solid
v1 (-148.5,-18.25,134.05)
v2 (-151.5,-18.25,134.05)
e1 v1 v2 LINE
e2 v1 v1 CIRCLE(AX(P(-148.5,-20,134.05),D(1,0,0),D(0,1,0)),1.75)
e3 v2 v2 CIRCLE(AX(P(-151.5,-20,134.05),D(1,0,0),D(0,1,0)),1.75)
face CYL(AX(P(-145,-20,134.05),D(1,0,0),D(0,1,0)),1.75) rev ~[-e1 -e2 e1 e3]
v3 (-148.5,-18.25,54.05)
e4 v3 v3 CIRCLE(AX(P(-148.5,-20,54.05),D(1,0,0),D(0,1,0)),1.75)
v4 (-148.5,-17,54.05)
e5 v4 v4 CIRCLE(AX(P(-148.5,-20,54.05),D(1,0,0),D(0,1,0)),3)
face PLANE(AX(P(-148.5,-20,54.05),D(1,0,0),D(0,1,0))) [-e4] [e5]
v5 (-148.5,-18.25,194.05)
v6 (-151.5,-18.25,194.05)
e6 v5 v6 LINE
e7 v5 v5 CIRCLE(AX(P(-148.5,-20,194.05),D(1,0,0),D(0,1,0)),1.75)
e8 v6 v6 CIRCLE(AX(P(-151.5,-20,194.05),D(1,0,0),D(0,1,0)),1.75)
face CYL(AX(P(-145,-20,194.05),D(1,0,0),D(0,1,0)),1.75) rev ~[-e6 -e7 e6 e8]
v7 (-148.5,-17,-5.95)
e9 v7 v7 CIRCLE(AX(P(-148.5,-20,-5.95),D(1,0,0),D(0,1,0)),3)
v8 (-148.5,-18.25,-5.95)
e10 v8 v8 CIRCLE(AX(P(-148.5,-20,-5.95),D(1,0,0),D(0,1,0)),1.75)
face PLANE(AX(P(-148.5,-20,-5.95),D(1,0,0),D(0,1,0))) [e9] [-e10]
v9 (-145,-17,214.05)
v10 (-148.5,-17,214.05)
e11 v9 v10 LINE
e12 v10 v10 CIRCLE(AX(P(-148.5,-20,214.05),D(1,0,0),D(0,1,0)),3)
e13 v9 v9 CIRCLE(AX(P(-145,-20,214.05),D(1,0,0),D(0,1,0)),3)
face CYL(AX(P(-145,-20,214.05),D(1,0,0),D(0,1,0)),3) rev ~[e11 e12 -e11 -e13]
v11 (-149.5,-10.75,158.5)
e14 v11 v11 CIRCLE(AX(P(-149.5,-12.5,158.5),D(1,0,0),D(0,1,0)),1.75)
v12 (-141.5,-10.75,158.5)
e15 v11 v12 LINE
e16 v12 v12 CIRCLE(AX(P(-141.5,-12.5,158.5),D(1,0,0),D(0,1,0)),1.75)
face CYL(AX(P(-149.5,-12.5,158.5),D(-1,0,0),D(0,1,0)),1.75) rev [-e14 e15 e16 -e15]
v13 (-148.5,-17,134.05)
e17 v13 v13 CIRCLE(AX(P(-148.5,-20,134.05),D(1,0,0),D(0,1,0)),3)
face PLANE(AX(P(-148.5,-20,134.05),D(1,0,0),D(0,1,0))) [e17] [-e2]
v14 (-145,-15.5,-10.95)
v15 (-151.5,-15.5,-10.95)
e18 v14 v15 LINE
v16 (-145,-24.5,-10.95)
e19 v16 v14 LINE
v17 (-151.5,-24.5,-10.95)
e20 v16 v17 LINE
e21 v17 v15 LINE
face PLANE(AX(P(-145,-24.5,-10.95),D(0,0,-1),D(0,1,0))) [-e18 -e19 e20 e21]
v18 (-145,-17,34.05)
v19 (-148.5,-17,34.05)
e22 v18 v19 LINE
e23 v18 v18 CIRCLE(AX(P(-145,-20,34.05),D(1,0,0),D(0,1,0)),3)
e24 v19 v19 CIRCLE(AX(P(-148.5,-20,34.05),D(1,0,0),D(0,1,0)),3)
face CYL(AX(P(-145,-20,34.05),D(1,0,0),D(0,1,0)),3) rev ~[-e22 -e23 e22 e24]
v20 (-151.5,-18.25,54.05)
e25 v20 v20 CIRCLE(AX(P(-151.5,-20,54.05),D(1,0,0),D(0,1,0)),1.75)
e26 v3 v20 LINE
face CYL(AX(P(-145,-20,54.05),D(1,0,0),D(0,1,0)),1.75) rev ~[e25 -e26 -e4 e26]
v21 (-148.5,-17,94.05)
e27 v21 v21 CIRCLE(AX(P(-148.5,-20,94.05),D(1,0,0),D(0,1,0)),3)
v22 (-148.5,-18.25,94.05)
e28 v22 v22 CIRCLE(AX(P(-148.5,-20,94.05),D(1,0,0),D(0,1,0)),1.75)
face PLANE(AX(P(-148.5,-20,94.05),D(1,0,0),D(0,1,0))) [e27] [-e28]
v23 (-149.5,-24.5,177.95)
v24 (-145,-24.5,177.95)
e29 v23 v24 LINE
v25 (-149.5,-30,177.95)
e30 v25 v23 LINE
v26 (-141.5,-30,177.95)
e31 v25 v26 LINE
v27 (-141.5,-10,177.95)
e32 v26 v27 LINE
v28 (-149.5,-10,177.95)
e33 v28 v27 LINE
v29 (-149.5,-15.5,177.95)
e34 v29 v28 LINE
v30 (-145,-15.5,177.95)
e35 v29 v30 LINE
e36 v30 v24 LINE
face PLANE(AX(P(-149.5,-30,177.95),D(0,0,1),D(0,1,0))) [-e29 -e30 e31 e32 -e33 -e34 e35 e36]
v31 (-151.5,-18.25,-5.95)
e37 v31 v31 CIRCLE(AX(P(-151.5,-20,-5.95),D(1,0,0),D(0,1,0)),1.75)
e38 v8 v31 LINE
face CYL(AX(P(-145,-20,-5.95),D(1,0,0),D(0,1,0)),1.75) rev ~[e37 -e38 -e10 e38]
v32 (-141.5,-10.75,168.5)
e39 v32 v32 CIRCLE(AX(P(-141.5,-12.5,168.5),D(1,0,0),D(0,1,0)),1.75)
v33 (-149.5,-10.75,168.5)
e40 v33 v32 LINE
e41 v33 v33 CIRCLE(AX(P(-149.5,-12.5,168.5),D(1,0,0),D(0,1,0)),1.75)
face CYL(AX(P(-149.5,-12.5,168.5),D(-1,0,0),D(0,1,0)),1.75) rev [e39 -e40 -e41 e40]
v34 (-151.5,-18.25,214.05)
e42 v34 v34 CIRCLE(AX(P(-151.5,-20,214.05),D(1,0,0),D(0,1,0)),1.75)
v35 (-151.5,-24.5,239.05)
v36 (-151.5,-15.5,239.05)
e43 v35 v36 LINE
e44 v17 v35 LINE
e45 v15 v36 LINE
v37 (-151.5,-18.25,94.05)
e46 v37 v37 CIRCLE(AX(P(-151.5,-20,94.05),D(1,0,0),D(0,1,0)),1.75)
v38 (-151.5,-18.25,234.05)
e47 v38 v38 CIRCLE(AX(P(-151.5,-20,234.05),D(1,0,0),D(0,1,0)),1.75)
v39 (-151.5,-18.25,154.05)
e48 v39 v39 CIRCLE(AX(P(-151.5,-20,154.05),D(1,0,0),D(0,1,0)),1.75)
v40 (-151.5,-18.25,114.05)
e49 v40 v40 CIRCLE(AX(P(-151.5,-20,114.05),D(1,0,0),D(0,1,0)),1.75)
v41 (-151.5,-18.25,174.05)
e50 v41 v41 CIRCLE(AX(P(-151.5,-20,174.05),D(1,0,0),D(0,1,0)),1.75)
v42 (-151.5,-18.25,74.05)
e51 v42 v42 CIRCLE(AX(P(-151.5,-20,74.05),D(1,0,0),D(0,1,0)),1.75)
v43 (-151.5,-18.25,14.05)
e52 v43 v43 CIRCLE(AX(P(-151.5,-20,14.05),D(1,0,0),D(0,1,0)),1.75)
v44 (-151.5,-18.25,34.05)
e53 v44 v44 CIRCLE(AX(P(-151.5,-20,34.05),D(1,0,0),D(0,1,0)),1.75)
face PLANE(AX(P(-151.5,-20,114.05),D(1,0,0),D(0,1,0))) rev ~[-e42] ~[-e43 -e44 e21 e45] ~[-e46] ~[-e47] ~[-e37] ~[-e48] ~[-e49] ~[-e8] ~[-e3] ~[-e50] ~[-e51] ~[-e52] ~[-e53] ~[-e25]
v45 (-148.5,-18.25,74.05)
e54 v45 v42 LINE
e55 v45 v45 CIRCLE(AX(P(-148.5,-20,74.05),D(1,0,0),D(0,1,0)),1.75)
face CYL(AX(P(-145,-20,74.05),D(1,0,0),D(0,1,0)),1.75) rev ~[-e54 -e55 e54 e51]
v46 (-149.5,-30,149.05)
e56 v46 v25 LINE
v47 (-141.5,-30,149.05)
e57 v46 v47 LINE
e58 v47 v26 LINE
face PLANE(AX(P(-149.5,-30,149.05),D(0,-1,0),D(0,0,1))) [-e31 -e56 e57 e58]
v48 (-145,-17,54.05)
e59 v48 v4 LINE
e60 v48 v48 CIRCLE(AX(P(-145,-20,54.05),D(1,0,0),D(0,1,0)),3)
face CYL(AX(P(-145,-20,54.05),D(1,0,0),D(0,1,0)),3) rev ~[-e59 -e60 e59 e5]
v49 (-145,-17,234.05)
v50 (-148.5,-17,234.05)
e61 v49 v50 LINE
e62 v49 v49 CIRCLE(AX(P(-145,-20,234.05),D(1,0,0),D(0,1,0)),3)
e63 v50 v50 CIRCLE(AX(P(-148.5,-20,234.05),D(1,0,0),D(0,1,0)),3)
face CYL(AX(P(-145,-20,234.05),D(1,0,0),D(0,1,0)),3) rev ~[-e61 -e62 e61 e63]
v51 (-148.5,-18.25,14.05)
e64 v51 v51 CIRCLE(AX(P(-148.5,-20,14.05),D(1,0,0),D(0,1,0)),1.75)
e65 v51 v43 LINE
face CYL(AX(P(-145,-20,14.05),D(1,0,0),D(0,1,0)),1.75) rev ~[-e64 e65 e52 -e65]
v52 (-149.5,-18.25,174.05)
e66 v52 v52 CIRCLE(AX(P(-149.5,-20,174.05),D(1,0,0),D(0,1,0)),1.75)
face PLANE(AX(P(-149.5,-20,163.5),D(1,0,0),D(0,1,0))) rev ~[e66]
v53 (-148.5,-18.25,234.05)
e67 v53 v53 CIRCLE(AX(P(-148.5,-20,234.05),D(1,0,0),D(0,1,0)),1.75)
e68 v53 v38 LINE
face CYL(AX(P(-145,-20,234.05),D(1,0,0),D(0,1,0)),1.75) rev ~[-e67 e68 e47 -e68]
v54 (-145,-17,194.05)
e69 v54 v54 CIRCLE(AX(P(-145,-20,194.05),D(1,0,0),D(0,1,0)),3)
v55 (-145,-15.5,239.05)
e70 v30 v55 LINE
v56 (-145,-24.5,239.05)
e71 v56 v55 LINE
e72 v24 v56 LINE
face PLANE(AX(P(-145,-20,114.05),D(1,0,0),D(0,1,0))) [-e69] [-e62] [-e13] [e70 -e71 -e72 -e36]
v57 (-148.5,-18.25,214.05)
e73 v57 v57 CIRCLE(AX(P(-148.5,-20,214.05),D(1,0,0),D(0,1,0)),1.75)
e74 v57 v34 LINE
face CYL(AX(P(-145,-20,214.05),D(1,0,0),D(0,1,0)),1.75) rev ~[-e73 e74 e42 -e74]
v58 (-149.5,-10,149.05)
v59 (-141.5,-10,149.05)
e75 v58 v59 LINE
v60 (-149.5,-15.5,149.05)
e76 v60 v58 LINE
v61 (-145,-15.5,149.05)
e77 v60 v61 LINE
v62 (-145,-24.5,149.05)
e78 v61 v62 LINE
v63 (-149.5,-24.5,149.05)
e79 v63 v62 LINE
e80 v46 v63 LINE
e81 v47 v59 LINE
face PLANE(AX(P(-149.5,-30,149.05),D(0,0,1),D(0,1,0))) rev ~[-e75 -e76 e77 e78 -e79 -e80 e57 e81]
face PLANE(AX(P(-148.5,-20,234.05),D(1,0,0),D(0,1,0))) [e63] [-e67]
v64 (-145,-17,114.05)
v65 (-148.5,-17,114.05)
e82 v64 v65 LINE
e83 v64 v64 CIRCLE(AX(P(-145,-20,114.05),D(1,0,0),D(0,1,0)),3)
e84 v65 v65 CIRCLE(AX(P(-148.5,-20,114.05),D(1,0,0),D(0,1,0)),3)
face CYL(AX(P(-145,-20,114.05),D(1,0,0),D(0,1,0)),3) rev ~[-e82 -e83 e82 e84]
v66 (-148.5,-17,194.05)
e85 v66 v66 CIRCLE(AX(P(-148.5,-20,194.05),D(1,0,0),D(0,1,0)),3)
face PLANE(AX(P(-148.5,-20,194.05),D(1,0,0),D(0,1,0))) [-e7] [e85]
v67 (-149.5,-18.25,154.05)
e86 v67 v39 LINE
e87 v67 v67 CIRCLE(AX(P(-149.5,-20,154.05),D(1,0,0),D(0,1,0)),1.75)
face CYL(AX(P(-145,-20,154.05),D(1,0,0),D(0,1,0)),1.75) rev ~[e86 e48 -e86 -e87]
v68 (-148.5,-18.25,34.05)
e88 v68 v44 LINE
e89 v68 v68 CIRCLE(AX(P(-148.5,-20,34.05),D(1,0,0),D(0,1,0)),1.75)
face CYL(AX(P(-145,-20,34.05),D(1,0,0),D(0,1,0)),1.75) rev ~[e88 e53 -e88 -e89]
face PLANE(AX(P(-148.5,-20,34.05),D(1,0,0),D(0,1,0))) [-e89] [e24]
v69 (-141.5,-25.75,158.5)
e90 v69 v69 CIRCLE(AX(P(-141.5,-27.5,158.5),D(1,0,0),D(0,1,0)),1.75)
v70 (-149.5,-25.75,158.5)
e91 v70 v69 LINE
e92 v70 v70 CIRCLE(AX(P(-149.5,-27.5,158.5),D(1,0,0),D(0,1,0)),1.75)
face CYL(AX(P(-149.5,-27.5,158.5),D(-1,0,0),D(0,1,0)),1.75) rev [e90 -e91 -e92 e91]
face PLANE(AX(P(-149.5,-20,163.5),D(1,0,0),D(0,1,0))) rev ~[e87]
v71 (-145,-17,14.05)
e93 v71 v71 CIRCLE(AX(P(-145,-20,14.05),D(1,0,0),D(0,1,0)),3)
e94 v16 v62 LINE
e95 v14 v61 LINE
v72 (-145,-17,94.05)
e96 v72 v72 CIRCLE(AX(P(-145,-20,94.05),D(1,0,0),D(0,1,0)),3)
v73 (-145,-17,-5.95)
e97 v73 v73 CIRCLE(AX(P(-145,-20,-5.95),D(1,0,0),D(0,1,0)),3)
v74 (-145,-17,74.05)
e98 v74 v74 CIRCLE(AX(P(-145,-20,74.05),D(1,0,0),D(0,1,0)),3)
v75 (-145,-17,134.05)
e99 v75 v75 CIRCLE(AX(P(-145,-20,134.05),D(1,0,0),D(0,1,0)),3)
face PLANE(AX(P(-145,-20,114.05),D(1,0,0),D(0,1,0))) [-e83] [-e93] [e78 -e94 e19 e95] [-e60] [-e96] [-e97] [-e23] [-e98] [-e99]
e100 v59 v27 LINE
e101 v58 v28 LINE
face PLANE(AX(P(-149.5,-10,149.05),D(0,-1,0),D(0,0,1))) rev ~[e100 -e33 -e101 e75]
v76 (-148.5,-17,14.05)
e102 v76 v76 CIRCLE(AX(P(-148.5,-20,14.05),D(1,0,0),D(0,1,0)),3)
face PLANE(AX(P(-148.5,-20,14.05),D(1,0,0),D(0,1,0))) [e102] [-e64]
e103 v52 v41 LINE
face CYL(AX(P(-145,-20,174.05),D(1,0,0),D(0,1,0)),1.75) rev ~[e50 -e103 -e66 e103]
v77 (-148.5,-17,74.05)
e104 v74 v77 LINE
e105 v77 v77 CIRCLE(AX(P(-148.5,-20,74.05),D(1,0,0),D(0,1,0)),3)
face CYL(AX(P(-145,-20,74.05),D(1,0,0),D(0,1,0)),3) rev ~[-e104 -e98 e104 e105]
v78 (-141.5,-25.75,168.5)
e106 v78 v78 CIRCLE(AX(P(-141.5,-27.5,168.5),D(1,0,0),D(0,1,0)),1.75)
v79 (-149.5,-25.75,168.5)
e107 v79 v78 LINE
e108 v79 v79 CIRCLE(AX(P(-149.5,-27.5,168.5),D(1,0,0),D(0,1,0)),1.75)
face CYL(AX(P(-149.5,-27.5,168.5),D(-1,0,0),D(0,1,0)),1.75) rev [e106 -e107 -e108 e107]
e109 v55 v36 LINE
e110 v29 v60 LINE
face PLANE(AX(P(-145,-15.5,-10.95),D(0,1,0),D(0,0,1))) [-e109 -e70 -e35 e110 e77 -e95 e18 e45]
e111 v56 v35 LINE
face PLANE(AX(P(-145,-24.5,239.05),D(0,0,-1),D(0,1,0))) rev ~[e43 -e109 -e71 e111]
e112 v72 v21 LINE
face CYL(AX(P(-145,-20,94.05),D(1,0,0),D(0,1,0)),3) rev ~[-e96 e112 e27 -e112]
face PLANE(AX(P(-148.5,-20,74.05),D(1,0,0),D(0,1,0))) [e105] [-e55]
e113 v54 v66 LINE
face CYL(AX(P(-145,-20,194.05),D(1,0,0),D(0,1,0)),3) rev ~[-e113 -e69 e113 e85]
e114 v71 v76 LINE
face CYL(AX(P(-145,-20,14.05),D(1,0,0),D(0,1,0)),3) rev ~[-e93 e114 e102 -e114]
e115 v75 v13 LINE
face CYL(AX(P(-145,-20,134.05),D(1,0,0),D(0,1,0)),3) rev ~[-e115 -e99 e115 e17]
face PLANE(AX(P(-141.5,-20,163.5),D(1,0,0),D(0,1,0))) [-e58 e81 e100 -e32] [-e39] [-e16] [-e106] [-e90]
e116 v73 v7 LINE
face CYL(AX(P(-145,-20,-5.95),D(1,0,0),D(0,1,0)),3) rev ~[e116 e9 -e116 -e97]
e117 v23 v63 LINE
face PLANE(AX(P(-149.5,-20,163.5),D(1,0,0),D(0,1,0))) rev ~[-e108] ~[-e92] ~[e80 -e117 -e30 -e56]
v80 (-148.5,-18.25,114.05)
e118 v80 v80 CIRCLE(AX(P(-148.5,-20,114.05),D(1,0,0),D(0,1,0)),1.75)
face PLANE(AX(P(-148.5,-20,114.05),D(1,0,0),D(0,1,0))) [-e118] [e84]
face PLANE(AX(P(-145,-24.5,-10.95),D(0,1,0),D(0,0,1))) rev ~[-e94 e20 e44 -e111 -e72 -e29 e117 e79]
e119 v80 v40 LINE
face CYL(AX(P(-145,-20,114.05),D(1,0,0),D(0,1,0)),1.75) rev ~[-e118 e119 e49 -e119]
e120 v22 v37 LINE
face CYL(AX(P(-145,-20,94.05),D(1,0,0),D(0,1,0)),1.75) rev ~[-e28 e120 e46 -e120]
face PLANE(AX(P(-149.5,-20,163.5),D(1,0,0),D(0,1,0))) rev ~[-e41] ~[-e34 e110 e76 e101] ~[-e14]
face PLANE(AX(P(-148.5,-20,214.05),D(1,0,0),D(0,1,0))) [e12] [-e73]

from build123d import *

# Parameters (mm, degrees)
SKETCH042_W             = 9
SKETCH042_H             = 250
PAD021_DEPTH            = 6.5
SKETCH039_R             = 1.75
POCKET017_DEPTH         = 6.5
LINEARPATTERN008_COUNT  = 13
LINEARPATTERN008_PITCH  = 20
SKETCH041_R             = 3
POCKET018_DEPTH         = 3.5
LINEARPATTERN009_COUNT  = 13
LINEARPATTERN009_PITCH  = 20
SKETCH040_W             = 20
SKETCH040_H             = 28.9
SKETCH040_R             = 1.75
PAD022_DEPTH            = 8
BODY009_ROLL_ANGLE      = 90
BODY009_PLACEMENT_ANGLE = 90


with BuildPart() as part:
    # Sketch042 → Pad021 (new body)
    with BuildSketch(Plane.XY):
        with Locations((0, 125)):
            Rectangle(SKETCH042_W, SKETCH042_H)
    extrude(amount=-PAD021_DEPTH)

    # Sketch039 → Pocket017 (cut)
    with BuildSketch(Plane.XY):
        with Locations((0, 5)):
            Circle(SKETCH039_R)
    pocket017 = extrude(amount=-POCKET017_DEPTH, mode=Mode.SUBTRACT)

    # LinearPattern008: Pocket017 ×13
    with Locations(*[(0, i * LINEARPATTERN008_PITCH, 0) for i in range(1, LINEARPATTERN008_COUNT)]):
        add(pocket017, mode=Mode.SUBTRACT)

    # Sketch041 → Pocket018 (cut)
    with BuildSketch(Plane.XY):
        with Locations((0, 5)):
            Circle(SKETCH041_R)
    pocket018 = extrude(amount=-POCKET018_DEPTH, mode=Mode.SUBTRACT)

    # LinearPattern009: Pocket018 ×13
    with Locations(*[(0, i * LINEARPATTERN009_PITCH, 0) for i in range(1, LINEARPATTERN009_COUNT)]):
        add(pocket018, mode=Mode.SUBTRACT)

    # Sketch040 → Pad022 (join)
    with BuildSketch(Plane.XY.offset(-4.5)):
        with Locations((0, 174.45)):
            Rectangle(SKETCH040_W, SKETCH040_H)
        with Locations((-7.5, 179.45)):
            Circle(SKETCH040_R, mode=Mode.SUBTRACT)
        with Locations((7.5, 179.45)):
            Circle(SKETCH040_R, mode=Mode.SUBTRACT)
        with Locations((7.5, 169.45)):
            Circle(SKETCH040_R, mode=Mode.SUBTRACT)
        with Locations((-7.5, 169.45)):
            Circle(SKETCH040_R, mode=Mode.SUBTRACT)
    extrude(amount=PAD022_DEPTH)


with BuildPart() as part_1:
    # Body009 roll: moved
    add(part.part.rotate(Axis((0, 0, 0), (1, 0, 0)), BODY009_ROLL_ANGLE))


with BuildPart() as part_2:
    # Body009 placement: moved
    add(part_1.part.moved(Location((-145, -20, -10.95))).rotate(Axis((-145, -20, -10.95), (0, 0, 1)), BODY009_PLACEMENT_ANGLE))


solid = part_2.part
